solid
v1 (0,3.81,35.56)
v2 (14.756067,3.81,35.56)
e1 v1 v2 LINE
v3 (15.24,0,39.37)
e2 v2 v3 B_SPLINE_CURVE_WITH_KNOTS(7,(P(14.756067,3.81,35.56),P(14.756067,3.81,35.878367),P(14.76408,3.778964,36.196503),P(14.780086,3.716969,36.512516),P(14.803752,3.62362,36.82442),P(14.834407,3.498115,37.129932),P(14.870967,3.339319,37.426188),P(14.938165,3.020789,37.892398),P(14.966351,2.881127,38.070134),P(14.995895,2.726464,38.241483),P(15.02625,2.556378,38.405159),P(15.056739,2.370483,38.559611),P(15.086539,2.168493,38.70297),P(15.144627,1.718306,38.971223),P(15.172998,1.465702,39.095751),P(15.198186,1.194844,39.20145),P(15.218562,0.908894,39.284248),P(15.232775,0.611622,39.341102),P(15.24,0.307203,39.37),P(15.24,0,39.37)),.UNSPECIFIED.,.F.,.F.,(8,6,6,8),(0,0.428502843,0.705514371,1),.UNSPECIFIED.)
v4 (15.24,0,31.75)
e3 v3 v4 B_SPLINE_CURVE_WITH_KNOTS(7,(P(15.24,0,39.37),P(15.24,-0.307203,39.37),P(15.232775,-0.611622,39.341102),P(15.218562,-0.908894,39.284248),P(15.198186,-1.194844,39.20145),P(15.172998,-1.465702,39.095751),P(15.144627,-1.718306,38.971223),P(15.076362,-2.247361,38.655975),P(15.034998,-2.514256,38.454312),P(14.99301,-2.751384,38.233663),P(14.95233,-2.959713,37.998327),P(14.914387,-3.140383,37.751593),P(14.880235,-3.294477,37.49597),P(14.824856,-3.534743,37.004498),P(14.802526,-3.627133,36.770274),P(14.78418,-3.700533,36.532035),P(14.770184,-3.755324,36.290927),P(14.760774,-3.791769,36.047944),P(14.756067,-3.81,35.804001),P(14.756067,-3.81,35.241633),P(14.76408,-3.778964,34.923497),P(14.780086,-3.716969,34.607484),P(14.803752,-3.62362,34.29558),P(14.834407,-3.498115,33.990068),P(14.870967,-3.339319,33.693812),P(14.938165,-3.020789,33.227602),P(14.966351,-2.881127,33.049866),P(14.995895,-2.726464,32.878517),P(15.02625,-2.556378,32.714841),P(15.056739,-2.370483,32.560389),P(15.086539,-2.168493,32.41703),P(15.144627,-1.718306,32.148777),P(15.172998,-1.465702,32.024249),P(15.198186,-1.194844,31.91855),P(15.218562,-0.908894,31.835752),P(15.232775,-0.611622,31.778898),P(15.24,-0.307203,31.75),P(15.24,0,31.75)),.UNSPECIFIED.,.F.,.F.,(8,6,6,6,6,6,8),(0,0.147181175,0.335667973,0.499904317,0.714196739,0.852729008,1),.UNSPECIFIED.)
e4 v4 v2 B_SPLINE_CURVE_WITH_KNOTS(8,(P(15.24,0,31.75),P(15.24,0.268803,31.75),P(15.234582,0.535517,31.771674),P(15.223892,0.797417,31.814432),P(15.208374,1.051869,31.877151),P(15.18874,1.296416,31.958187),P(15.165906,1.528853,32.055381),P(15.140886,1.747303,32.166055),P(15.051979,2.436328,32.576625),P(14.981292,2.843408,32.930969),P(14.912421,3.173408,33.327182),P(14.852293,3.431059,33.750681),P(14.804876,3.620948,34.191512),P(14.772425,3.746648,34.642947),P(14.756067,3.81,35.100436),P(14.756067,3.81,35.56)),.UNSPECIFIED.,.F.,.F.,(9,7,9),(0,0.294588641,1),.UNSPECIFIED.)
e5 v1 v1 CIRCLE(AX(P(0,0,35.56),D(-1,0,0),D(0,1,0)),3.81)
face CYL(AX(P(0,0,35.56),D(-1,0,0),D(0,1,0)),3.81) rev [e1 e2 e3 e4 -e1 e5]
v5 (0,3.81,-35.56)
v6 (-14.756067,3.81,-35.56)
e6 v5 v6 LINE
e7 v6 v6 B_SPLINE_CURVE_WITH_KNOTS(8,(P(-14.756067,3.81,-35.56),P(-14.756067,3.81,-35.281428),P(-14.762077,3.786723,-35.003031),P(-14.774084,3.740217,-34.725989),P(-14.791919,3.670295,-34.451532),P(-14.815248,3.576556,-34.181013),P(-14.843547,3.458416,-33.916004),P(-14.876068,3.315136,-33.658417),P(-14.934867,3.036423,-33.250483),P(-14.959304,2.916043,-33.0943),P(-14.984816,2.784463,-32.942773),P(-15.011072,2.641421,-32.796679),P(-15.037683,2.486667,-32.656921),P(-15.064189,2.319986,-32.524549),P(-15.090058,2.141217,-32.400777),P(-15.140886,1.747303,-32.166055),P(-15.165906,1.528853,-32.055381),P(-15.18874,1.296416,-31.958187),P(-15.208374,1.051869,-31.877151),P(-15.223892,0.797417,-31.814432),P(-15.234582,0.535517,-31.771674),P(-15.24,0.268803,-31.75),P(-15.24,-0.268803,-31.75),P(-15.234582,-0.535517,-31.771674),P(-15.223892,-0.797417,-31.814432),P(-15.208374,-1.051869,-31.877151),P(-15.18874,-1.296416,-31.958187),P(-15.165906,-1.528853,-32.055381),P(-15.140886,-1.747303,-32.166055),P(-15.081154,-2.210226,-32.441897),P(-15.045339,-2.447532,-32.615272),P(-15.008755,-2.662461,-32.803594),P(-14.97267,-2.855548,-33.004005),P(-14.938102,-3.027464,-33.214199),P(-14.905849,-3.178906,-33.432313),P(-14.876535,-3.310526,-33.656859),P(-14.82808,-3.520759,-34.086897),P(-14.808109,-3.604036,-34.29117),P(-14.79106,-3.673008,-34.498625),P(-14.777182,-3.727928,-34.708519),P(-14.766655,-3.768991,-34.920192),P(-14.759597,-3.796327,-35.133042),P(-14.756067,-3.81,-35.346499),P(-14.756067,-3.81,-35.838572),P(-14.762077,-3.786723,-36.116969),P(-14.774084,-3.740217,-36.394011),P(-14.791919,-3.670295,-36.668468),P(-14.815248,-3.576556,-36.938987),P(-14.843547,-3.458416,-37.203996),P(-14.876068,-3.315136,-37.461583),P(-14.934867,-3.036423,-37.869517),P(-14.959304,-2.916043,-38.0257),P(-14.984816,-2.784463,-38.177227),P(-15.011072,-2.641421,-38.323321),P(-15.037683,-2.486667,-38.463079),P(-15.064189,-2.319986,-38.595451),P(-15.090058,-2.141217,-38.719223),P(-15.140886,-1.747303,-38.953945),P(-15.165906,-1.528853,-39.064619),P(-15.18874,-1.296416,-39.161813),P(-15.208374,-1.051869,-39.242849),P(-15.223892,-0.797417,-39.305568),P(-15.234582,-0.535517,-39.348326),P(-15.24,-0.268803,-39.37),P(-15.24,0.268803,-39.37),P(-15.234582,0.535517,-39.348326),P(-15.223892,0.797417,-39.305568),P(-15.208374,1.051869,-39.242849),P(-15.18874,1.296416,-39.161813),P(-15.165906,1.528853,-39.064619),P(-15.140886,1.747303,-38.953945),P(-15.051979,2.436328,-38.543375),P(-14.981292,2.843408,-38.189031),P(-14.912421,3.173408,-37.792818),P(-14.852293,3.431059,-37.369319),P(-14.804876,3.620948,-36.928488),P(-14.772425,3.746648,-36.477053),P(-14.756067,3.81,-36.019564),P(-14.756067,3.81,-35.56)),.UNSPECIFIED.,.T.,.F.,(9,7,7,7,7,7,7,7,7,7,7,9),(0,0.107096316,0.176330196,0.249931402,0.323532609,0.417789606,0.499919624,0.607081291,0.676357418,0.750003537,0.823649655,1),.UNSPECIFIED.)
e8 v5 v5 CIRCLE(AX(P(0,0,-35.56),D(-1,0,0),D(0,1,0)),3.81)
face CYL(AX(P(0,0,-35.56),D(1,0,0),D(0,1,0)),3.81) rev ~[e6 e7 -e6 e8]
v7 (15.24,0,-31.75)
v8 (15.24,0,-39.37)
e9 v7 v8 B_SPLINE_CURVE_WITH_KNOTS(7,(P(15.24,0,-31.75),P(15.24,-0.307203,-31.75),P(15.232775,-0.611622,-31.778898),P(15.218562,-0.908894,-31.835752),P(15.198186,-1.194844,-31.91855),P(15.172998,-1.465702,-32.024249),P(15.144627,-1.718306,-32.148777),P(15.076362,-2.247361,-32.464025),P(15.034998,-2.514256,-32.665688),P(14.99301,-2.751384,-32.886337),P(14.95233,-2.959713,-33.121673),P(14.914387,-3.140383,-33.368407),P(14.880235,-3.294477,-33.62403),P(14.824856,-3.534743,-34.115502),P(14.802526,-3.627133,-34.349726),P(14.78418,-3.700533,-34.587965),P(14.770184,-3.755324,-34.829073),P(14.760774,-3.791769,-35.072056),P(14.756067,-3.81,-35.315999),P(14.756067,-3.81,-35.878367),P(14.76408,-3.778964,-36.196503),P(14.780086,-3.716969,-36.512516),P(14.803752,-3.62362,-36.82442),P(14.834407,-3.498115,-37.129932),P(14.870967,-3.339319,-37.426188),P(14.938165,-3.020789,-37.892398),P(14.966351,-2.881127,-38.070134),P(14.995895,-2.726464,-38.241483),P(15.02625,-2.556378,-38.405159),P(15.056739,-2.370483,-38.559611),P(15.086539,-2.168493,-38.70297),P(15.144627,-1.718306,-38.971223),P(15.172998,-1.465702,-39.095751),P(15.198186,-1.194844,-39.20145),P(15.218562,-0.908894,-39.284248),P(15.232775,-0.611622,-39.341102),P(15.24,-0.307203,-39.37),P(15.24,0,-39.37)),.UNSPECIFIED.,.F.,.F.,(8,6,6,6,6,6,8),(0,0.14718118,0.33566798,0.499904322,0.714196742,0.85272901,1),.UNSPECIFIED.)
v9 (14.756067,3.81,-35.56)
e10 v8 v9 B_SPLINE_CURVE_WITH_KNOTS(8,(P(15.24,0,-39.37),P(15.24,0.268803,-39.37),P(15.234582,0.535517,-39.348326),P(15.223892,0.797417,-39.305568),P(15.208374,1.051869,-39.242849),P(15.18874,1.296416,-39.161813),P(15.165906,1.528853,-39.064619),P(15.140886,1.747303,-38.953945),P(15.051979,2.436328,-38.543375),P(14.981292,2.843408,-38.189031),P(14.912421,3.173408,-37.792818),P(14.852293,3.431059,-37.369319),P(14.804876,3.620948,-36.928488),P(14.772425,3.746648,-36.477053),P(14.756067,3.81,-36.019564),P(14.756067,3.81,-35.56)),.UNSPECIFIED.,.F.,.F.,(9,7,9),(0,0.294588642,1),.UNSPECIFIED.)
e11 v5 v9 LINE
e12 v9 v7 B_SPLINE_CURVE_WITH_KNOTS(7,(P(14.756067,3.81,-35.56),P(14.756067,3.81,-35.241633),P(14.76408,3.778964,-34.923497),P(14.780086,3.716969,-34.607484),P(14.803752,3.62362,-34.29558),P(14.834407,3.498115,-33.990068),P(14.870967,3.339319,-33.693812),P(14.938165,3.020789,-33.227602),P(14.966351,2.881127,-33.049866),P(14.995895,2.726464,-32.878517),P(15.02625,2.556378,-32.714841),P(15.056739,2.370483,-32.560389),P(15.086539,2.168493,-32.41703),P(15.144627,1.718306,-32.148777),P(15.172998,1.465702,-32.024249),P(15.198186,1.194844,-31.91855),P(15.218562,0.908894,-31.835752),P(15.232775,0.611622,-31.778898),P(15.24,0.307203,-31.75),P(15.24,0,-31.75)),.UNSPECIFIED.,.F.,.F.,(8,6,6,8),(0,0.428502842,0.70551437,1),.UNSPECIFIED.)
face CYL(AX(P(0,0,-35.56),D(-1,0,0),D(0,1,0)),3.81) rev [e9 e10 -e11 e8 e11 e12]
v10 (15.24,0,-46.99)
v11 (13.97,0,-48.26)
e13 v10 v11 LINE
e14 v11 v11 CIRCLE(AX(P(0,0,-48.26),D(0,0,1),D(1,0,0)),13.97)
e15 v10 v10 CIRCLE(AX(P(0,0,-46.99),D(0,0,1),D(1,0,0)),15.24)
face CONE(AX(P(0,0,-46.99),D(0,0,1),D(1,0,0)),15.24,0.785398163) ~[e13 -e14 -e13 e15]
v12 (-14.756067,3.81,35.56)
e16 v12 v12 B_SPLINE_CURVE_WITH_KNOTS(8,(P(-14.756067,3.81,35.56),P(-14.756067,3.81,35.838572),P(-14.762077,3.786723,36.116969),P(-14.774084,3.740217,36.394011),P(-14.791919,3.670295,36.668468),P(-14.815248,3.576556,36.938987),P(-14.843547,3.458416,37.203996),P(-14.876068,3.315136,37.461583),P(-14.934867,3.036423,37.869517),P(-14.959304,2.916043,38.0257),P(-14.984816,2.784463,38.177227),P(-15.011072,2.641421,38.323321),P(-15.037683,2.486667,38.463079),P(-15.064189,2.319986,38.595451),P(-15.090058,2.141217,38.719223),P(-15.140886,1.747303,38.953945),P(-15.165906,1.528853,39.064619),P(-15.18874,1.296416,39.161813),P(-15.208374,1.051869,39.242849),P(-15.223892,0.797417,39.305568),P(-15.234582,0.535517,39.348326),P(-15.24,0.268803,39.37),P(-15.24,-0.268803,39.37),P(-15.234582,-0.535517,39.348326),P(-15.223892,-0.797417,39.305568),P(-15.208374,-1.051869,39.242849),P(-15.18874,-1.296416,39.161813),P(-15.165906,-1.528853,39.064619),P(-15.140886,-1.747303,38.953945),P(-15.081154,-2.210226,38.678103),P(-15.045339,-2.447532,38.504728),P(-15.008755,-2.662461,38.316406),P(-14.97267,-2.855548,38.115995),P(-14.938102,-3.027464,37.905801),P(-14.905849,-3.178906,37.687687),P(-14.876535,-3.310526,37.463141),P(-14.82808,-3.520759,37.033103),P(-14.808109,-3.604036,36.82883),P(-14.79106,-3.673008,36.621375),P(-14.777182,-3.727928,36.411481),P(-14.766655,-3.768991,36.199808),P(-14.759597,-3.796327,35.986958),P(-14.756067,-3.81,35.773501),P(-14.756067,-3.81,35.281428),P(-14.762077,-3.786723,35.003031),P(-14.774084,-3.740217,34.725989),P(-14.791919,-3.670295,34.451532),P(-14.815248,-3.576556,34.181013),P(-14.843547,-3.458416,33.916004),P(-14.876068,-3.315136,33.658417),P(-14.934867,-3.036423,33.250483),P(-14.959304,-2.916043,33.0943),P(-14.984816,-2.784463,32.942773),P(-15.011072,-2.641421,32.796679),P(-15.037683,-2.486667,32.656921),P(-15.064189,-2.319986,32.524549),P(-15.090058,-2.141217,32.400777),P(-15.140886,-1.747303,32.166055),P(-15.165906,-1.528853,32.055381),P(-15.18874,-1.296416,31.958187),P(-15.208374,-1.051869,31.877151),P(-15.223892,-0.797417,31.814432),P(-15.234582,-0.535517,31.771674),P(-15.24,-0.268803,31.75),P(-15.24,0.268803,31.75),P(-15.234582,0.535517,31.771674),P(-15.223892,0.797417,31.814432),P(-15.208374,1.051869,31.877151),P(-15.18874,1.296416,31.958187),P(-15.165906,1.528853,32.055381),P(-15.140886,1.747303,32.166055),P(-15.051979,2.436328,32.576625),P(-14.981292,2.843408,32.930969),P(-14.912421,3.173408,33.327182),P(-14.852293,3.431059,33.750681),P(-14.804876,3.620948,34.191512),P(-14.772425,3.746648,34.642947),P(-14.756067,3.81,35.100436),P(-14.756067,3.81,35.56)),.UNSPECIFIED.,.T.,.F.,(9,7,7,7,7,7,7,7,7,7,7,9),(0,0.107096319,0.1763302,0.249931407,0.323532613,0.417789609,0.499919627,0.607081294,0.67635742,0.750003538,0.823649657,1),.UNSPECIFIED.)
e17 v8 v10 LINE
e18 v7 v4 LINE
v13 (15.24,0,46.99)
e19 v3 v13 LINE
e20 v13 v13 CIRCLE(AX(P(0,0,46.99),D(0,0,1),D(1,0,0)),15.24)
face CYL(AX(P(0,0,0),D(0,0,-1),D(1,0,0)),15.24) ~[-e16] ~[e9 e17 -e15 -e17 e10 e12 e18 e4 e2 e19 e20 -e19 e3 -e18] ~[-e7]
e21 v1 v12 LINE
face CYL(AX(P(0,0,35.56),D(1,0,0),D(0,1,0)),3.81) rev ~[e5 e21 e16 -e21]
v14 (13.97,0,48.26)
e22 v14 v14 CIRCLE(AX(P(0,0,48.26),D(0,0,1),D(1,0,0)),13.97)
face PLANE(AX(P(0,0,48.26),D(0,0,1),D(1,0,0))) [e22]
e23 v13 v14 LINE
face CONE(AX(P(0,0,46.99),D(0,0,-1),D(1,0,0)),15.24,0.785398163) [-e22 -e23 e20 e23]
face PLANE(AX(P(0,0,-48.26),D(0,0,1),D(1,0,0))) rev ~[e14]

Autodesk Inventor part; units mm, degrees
ref_plane "YZ Plane" through (0, 0, 0) normal (1, 0, 0) x (0, 1, 0)
ref_plane "XZ Plane" through (0, 0, 0) normal (0, 1, 0) x (-1, 0, 0)
ref_plane "XY Plane" through (0, 0, 0) normal (0, 0, 1) x (1, 0, 0)
sketch "Sketch1" plane through (0, 0, 0) normal (0, 0, 1) x (1, 0, 0)
  circle A0 centre (0, 0) radius 15.24
  dimension "d0" = 30.48
extrude "Extrusion1" add sketch "Sketch1" along normal mid plane 96.52
sketch "Sketch2" plane through (0, 0, 0) normal (1, 0, 0) x (0, 1, 0)
  line L0 (15.24, -48.26) -> (-15.24, -48.26) projected
  line L1 (-15.24, -48.26) -> (-15.24, 48.26) projected
  line L2 (-15.24, 48.26) -> (15.24, 48.26) projected
  line L3 (15.24, 48.26) -> (15.24, -48.26) projected
  line L4 (-15.24, -48.26) -> (15.24, -48.26) projected
  line L5 (15.24, 48.26) -> (-15.24, 48.26) projected
  line L6 (-21.336, 0) -> (21.336, 0) projected
  line L7 (0, -67.564) -> (0, 67.564) projected
  circle A0 centre (0, 35.56) radius 3.81
  circle A1 centre (0, -35.56) radius 3.81
  point P0 (0, 0)
  dimension "d3" = 7.62
  dimension "d4" = 7.62
  dimension "d5" = 12.7
  dimension "d6" = 12.7
extrude "Extrusion2" cut sketch "Sketch2" against normal through all both and the other way through all contours A1 L7 | L7 A1 | A0 L7 | L7 A0
chamfer "Chamfer1" distance 1.27 angle 45 2 edges at (-15.24, 0, 48.26) (-15.24, 0, -48.26) measured on face at (9.6385, 11.805, 16.0867)
equation "\"BendRadius\" = Thickness"
equation "\"BendReliefWidth\" = Thickness"
equation "\"BendReliefDepth\" = 0.5 * Thickness"
equation "\"CornerReliefSize\" = 4 * Thickness"
equation "\"MinimumRemnant\" = 2 * Thickness"
equation "\"TransitionRadius\" = BendRadius"
equation "\"JacobiRadiusSize\" = BendRadius"
equation "\"GapSize\" = Thickness"
equation "\"Thickness\" = 3.048"
properties part number "crankshaft pin" material "Stainless Steel"
